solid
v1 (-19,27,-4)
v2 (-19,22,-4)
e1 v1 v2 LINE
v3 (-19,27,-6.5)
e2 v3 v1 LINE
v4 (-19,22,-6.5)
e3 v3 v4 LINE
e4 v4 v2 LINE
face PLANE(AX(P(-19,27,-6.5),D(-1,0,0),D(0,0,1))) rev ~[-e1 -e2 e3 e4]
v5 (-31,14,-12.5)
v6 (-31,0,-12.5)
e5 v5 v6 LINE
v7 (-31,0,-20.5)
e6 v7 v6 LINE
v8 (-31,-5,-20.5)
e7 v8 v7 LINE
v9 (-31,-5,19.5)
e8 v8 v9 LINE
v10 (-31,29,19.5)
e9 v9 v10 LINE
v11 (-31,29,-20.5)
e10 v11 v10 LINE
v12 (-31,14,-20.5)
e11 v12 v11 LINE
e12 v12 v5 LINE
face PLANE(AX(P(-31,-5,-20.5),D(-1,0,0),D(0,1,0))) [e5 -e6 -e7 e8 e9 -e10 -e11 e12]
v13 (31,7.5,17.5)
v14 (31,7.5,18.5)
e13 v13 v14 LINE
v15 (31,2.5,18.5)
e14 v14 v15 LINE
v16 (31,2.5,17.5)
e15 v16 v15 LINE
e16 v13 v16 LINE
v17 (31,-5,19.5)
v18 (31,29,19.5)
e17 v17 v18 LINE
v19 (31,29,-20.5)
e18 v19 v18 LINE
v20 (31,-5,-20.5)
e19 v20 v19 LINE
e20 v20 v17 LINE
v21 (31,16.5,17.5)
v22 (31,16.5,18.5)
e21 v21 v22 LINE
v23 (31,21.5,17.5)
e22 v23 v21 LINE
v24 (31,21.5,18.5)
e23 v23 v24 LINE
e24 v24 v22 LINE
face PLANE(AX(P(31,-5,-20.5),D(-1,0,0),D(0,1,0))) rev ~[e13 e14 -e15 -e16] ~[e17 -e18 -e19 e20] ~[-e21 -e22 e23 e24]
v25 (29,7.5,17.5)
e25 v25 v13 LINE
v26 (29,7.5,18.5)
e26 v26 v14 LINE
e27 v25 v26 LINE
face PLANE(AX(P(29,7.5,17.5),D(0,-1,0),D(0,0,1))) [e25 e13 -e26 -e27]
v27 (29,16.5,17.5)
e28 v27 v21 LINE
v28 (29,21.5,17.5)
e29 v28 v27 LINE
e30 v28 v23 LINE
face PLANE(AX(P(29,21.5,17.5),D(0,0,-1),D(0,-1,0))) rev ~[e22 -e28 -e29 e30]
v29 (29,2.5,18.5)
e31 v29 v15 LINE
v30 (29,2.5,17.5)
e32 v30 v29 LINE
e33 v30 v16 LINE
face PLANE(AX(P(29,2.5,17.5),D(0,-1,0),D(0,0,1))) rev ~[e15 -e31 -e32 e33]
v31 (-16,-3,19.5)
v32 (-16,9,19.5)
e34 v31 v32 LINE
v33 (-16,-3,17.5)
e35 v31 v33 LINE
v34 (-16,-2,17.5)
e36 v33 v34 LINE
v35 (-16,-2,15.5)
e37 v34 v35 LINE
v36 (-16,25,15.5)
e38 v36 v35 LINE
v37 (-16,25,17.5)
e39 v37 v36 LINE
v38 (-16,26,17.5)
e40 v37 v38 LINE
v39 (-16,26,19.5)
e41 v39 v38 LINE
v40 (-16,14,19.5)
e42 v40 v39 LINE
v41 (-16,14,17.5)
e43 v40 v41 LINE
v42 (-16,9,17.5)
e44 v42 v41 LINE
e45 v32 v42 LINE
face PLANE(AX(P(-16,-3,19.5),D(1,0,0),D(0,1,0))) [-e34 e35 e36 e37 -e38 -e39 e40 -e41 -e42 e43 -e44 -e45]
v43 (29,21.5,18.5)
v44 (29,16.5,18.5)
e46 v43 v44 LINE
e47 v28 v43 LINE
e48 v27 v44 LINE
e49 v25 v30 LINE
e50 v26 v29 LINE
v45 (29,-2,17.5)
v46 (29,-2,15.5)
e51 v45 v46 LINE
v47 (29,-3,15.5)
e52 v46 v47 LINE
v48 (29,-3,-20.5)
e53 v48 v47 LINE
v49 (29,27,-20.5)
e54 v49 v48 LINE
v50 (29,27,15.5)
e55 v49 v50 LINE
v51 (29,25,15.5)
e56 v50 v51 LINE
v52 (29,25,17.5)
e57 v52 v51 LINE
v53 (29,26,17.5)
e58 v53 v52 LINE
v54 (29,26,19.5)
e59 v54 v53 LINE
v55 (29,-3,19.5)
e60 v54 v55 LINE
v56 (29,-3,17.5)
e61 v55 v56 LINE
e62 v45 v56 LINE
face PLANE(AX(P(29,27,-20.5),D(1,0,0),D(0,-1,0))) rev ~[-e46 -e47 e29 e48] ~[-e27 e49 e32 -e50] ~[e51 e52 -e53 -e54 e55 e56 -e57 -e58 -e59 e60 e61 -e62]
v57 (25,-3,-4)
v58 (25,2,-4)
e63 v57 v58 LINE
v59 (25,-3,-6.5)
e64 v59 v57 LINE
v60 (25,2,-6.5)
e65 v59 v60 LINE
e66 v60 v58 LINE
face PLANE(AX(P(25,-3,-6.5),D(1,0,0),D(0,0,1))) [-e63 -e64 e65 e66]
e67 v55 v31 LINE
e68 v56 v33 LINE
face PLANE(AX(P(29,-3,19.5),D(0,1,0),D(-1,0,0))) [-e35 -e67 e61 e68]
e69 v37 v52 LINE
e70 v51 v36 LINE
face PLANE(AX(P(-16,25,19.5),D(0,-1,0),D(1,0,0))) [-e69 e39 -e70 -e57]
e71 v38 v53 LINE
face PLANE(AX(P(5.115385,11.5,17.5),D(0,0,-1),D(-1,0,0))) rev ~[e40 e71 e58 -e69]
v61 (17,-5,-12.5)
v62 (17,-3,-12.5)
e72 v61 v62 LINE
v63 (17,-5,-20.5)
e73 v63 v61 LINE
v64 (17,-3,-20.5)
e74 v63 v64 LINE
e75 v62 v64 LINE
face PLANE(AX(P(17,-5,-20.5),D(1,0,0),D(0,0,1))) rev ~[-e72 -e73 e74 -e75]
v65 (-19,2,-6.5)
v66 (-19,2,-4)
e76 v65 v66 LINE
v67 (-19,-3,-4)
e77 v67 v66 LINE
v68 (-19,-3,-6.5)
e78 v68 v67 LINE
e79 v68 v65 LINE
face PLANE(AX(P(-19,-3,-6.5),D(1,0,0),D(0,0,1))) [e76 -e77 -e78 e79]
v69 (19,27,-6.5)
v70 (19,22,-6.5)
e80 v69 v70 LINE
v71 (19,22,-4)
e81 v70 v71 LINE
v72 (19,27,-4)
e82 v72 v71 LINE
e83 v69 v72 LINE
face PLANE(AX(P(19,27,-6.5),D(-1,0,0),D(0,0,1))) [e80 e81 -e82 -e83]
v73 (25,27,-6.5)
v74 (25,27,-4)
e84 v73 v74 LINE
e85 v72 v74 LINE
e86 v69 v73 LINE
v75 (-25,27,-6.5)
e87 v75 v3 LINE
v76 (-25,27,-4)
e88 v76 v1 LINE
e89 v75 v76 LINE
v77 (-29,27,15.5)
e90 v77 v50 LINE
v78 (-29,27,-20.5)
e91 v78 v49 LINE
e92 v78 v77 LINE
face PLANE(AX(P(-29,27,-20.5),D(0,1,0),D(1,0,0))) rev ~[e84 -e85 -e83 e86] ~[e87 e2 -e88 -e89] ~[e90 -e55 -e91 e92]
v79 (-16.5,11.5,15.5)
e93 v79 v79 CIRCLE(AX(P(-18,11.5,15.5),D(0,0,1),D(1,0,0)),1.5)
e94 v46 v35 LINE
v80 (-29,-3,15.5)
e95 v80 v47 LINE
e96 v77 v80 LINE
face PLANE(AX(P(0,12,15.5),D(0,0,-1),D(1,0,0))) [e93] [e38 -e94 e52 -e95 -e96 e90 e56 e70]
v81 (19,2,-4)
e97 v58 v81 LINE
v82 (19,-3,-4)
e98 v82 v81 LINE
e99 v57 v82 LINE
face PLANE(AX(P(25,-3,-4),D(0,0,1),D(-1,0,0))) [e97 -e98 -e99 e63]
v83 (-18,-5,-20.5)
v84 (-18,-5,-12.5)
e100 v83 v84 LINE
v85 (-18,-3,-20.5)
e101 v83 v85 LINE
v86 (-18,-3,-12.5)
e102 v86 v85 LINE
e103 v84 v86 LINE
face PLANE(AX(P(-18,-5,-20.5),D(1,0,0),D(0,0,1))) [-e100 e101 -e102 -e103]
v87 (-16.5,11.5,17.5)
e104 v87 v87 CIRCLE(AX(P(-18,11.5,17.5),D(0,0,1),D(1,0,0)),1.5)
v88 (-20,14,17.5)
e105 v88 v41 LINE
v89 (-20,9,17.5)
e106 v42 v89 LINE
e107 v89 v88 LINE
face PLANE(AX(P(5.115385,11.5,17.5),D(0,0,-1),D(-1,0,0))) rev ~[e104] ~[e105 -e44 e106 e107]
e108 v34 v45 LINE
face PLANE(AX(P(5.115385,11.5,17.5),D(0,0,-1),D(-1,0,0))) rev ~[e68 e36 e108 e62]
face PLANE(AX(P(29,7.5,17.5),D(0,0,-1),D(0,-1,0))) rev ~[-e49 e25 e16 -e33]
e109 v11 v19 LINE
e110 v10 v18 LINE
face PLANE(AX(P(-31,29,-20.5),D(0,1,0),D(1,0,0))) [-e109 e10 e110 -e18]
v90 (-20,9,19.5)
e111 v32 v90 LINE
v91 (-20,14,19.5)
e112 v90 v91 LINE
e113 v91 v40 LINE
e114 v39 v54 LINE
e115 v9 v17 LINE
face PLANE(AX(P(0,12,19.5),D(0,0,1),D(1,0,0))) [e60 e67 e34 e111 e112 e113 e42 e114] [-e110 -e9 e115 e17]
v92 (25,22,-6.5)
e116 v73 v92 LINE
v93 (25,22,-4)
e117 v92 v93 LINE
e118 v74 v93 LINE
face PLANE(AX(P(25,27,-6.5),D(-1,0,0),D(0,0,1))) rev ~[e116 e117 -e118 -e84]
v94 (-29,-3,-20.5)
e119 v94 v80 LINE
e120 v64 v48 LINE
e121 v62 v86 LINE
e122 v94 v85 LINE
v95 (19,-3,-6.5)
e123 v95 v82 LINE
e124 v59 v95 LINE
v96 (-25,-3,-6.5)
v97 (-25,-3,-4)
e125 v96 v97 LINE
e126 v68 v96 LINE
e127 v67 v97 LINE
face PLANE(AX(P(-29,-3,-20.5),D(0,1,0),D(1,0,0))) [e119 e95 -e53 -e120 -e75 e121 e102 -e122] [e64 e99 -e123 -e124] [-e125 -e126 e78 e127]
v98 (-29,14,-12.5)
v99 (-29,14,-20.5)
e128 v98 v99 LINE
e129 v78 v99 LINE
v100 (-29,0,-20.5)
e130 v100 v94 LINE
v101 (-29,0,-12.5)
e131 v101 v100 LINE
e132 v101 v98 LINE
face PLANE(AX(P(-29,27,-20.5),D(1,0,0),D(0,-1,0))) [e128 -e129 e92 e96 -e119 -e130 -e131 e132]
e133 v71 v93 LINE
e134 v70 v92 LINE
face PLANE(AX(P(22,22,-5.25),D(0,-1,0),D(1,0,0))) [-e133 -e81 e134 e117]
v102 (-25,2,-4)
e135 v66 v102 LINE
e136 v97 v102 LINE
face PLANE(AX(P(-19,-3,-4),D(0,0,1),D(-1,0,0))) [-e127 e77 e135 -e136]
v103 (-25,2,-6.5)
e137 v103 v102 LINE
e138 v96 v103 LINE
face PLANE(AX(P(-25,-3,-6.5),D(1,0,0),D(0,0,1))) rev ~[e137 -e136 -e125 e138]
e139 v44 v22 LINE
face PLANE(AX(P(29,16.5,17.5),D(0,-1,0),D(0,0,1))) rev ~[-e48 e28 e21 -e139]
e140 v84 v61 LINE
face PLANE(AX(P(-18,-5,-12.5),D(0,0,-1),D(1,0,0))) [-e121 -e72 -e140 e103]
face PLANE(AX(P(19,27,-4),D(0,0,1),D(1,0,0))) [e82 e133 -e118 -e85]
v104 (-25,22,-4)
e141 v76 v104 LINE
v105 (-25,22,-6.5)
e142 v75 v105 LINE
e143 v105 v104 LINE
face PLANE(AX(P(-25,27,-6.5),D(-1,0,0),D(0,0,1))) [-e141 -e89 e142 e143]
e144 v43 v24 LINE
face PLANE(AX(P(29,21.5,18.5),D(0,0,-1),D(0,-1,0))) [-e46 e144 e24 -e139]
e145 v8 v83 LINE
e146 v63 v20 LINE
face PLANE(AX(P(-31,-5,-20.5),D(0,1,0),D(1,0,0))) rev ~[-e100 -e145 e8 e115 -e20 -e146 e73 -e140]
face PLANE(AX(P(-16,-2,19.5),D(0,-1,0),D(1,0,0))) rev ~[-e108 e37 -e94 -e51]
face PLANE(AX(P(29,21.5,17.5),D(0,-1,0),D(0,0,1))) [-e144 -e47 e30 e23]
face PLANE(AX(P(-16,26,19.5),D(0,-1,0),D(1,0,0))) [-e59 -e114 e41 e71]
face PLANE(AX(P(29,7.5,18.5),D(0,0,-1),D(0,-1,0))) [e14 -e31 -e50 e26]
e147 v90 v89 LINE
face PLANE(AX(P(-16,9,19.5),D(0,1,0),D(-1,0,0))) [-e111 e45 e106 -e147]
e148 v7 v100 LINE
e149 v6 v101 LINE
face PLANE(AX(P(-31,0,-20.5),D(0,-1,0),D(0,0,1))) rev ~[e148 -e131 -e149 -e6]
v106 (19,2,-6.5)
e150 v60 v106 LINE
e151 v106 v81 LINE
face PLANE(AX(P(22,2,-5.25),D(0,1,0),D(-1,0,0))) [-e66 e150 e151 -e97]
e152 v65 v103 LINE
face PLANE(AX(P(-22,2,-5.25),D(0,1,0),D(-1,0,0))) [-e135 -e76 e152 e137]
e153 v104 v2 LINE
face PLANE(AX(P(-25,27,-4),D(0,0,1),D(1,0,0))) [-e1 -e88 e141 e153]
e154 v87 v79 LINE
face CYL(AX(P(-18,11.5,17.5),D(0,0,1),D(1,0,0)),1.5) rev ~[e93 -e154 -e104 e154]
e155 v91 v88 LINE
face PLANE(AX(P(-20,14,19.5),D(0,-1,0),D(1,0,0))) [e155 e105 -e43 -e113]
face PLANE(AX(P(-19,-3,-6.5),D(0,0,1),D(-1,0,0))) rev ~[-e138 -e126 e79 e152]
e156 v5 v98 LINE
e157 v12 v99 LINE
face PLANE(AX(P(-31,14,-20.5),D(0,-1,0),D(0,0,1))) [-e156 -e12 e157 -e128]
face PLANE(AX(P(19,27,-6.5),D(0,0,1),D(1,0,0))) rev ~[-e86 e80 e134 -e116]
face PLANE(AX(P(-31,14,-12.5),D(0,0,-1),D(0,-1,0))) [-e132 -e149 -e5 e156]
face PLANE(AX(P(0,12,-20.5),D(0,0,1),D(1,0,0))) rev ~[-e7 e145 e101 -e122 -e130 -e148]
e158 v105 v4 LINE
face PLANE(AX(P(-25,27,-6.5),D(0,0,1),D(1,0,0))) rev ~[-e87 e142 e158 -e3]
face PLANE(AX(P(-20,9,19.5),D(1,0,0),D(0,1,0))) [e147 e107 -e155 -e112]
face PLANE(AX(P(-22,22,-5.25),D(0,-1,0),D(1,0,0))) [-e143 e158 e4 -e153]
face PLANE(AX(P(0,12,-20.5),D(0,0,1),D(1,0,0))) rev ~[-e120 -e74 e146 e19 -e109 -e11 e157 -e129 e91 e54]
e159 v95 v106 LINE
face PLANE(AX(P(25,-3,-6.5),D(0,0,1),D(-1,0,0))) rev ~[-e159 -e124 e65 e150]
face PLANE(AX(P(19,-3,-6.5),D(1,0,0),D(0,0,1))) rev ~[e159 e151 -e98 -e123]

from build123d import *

# Parameters (mm, degrees)
SKETCH_W        = 62
SKETCH_H        = 34
PAD_DEPTH       = 40
SKETCH001_W     = 58
SKETCH001_H     = 30
POCKET_DEPTH    = 36
SKETCH002_W     = 45
SKETCH002_H     = 27
POCKET001_DEPTH = 5
POCKET002_DEPTH = 2
SKETCH004_R     = 1.5
POCKET003_DEPTH = 5
SKETCH005_W     = 5
SKETCH005_H     = 1
POCKET004_DEPTH = 5
SKETCH006_W     = 6
SKETCH006_H     = 2.5
PAD001_DEPTH    = 5
SKETCH007_W     = 6
SKETCH007_H     = 2.5
PAD002_DEPTH    = 5
SKETCH008_W     = 14
SKETCH008_H     = 8
POCKET005_DEPTH = 5
SKETCH009_W     = 35
SKETCH009_H     = 8
POCKET006_DEPTH = 5


with BuildPart() as part:
    # Sketch → Pad (new body)
    with BuildSketch(Plane.XY.offset(16)):
        with Locations((0, 12)):
            Rectangle(SKETCH_W, SKETCH_H)
    extrude(amount=PAD_DEPTH)

    # Sketch001 (on Face5 of Pad) → Pocket (cut)
    with BuildSketch(Plane(origin=(0, 0, 16), x_dir=(1, 0, 0), z_dir=(0, 0, -1))):
        with Locations((0, -12)):
            Rectangle(SKETCH001_W, SKETCH001_H)
    extrude(amount=-POCKET_DEPTH, mode=Mode.SUBTRACT)

    # Sketch002 (on Face5 of Pocket) → Pocket001 (cut)
    with BuildSketch(Plane.XY.offset(56)):
        with Locations((6.5, 11.5)):
            Rectangle(SKETCH002_W, SKETCH002_H)
    extrude(amount=-POCKET001_DEPTH, mode=Mode.SUBTRACT)

    # Sketch003 (on Face5 of Pocket001) → Pocket002 (cut)
    with BuildSketch(Plane.XY.offset(56)):
        Polygon((-16, 26), (29, 26), (29, -3), (-16, -3), (-16, 9), (-20, 9), (-20, 14), (-16, 14), align=None)
    extrude(amount=-POCKET002_DEPTH, mode=Mode.SUBTRACT)

    # Sketch004 (on Face29 of Pocket002) → Pocket003 (cut)
    with BuildSketch(Plane.XY.offset(54)):
        with Locations((-18, 11.5)):
            Circle(SKETCH004_R)
    extrude(amount=-POCKET003_DEPTH, mode=Mode.SUBTRACT)

    # Sketch005 (on Face14 of Pocket003) → Pocket004 (cut)
    with BuildSketch(Plane(origin=(29, 0, 0), x_dir=(0, -1, 0), z_dir=(-1, 0, 0))):
        with Locations((-19, 54.5)):
            Rectangle(SKETCH005_W, SKETCH005_H)
        with Locations((-5, 54.5)):
            Rectangle(SKETCH005_W, SKETCH005_H)
    extrude(amount=-POCKET004_DEPTH, mode=Mode.SUBTRACT)

    # Sketch006 (on Face18 of Pocket004) → Pad001 (join)
    with BuildSketch(Plane.XZ.offset(-27)):
        with Locations((-22, 31.25)):
            Rectangle(SKETCH006_W, SKETCH006_H)
        with Locations((22, 31.25)):
            Rectangle(SKETCH006_W, SKETCH006_H)
    extrude(amount=PAD001_DEPTH)

    # Sketch007 (on Face16 of Pad001) → Pad002 (join)
    with BuildSketch(Plane(origin=(0, -3, 0), x_dir=(-1, 0, 0), z_dir=(0, 1, 0))):
        with Locations((-22, 31.25)):
            Rectangle(SKETCH007_W, SKETCH007_H)
        with Locations((22, 31.25)):
            Rectangle(SKETCH007_W, SKETCH007_H)
    extrude(amount=PAD002_DEPTH)

    # Sketch008 (on Face2 of Pad002) → Pocket005 (cut)
    with BuildSketch(Plane(origin=(-31, 0, 0), x_dir=(0, -1, 0), z_dir=(-1, 0, 0))):
        with Locations((-7, 20)):
            Rectangle(SKETCH008_W, SKETCH008_H)
    extrude(amount=-POCKET005_DEPTH, mode=Mode.SUBTRACT)

    # Sketch009 (on Face9 of Pocket005) → Pocket006 (cut)
    with BuildSketch(Plane.XZ.offset(5)):
        with Locations((-0.5, 20)):
            Rectangle(SKETCH009_W, SKETCH009_H)
    extrude(amount=-POCKET006_DEPTH, mode=Mode.SUBTRACT)


with BuildPart() as part_1:
    # Body placement: moved
    add(part.part.moved(Location((0, 0, -36.5))))


solid = part_1.part
